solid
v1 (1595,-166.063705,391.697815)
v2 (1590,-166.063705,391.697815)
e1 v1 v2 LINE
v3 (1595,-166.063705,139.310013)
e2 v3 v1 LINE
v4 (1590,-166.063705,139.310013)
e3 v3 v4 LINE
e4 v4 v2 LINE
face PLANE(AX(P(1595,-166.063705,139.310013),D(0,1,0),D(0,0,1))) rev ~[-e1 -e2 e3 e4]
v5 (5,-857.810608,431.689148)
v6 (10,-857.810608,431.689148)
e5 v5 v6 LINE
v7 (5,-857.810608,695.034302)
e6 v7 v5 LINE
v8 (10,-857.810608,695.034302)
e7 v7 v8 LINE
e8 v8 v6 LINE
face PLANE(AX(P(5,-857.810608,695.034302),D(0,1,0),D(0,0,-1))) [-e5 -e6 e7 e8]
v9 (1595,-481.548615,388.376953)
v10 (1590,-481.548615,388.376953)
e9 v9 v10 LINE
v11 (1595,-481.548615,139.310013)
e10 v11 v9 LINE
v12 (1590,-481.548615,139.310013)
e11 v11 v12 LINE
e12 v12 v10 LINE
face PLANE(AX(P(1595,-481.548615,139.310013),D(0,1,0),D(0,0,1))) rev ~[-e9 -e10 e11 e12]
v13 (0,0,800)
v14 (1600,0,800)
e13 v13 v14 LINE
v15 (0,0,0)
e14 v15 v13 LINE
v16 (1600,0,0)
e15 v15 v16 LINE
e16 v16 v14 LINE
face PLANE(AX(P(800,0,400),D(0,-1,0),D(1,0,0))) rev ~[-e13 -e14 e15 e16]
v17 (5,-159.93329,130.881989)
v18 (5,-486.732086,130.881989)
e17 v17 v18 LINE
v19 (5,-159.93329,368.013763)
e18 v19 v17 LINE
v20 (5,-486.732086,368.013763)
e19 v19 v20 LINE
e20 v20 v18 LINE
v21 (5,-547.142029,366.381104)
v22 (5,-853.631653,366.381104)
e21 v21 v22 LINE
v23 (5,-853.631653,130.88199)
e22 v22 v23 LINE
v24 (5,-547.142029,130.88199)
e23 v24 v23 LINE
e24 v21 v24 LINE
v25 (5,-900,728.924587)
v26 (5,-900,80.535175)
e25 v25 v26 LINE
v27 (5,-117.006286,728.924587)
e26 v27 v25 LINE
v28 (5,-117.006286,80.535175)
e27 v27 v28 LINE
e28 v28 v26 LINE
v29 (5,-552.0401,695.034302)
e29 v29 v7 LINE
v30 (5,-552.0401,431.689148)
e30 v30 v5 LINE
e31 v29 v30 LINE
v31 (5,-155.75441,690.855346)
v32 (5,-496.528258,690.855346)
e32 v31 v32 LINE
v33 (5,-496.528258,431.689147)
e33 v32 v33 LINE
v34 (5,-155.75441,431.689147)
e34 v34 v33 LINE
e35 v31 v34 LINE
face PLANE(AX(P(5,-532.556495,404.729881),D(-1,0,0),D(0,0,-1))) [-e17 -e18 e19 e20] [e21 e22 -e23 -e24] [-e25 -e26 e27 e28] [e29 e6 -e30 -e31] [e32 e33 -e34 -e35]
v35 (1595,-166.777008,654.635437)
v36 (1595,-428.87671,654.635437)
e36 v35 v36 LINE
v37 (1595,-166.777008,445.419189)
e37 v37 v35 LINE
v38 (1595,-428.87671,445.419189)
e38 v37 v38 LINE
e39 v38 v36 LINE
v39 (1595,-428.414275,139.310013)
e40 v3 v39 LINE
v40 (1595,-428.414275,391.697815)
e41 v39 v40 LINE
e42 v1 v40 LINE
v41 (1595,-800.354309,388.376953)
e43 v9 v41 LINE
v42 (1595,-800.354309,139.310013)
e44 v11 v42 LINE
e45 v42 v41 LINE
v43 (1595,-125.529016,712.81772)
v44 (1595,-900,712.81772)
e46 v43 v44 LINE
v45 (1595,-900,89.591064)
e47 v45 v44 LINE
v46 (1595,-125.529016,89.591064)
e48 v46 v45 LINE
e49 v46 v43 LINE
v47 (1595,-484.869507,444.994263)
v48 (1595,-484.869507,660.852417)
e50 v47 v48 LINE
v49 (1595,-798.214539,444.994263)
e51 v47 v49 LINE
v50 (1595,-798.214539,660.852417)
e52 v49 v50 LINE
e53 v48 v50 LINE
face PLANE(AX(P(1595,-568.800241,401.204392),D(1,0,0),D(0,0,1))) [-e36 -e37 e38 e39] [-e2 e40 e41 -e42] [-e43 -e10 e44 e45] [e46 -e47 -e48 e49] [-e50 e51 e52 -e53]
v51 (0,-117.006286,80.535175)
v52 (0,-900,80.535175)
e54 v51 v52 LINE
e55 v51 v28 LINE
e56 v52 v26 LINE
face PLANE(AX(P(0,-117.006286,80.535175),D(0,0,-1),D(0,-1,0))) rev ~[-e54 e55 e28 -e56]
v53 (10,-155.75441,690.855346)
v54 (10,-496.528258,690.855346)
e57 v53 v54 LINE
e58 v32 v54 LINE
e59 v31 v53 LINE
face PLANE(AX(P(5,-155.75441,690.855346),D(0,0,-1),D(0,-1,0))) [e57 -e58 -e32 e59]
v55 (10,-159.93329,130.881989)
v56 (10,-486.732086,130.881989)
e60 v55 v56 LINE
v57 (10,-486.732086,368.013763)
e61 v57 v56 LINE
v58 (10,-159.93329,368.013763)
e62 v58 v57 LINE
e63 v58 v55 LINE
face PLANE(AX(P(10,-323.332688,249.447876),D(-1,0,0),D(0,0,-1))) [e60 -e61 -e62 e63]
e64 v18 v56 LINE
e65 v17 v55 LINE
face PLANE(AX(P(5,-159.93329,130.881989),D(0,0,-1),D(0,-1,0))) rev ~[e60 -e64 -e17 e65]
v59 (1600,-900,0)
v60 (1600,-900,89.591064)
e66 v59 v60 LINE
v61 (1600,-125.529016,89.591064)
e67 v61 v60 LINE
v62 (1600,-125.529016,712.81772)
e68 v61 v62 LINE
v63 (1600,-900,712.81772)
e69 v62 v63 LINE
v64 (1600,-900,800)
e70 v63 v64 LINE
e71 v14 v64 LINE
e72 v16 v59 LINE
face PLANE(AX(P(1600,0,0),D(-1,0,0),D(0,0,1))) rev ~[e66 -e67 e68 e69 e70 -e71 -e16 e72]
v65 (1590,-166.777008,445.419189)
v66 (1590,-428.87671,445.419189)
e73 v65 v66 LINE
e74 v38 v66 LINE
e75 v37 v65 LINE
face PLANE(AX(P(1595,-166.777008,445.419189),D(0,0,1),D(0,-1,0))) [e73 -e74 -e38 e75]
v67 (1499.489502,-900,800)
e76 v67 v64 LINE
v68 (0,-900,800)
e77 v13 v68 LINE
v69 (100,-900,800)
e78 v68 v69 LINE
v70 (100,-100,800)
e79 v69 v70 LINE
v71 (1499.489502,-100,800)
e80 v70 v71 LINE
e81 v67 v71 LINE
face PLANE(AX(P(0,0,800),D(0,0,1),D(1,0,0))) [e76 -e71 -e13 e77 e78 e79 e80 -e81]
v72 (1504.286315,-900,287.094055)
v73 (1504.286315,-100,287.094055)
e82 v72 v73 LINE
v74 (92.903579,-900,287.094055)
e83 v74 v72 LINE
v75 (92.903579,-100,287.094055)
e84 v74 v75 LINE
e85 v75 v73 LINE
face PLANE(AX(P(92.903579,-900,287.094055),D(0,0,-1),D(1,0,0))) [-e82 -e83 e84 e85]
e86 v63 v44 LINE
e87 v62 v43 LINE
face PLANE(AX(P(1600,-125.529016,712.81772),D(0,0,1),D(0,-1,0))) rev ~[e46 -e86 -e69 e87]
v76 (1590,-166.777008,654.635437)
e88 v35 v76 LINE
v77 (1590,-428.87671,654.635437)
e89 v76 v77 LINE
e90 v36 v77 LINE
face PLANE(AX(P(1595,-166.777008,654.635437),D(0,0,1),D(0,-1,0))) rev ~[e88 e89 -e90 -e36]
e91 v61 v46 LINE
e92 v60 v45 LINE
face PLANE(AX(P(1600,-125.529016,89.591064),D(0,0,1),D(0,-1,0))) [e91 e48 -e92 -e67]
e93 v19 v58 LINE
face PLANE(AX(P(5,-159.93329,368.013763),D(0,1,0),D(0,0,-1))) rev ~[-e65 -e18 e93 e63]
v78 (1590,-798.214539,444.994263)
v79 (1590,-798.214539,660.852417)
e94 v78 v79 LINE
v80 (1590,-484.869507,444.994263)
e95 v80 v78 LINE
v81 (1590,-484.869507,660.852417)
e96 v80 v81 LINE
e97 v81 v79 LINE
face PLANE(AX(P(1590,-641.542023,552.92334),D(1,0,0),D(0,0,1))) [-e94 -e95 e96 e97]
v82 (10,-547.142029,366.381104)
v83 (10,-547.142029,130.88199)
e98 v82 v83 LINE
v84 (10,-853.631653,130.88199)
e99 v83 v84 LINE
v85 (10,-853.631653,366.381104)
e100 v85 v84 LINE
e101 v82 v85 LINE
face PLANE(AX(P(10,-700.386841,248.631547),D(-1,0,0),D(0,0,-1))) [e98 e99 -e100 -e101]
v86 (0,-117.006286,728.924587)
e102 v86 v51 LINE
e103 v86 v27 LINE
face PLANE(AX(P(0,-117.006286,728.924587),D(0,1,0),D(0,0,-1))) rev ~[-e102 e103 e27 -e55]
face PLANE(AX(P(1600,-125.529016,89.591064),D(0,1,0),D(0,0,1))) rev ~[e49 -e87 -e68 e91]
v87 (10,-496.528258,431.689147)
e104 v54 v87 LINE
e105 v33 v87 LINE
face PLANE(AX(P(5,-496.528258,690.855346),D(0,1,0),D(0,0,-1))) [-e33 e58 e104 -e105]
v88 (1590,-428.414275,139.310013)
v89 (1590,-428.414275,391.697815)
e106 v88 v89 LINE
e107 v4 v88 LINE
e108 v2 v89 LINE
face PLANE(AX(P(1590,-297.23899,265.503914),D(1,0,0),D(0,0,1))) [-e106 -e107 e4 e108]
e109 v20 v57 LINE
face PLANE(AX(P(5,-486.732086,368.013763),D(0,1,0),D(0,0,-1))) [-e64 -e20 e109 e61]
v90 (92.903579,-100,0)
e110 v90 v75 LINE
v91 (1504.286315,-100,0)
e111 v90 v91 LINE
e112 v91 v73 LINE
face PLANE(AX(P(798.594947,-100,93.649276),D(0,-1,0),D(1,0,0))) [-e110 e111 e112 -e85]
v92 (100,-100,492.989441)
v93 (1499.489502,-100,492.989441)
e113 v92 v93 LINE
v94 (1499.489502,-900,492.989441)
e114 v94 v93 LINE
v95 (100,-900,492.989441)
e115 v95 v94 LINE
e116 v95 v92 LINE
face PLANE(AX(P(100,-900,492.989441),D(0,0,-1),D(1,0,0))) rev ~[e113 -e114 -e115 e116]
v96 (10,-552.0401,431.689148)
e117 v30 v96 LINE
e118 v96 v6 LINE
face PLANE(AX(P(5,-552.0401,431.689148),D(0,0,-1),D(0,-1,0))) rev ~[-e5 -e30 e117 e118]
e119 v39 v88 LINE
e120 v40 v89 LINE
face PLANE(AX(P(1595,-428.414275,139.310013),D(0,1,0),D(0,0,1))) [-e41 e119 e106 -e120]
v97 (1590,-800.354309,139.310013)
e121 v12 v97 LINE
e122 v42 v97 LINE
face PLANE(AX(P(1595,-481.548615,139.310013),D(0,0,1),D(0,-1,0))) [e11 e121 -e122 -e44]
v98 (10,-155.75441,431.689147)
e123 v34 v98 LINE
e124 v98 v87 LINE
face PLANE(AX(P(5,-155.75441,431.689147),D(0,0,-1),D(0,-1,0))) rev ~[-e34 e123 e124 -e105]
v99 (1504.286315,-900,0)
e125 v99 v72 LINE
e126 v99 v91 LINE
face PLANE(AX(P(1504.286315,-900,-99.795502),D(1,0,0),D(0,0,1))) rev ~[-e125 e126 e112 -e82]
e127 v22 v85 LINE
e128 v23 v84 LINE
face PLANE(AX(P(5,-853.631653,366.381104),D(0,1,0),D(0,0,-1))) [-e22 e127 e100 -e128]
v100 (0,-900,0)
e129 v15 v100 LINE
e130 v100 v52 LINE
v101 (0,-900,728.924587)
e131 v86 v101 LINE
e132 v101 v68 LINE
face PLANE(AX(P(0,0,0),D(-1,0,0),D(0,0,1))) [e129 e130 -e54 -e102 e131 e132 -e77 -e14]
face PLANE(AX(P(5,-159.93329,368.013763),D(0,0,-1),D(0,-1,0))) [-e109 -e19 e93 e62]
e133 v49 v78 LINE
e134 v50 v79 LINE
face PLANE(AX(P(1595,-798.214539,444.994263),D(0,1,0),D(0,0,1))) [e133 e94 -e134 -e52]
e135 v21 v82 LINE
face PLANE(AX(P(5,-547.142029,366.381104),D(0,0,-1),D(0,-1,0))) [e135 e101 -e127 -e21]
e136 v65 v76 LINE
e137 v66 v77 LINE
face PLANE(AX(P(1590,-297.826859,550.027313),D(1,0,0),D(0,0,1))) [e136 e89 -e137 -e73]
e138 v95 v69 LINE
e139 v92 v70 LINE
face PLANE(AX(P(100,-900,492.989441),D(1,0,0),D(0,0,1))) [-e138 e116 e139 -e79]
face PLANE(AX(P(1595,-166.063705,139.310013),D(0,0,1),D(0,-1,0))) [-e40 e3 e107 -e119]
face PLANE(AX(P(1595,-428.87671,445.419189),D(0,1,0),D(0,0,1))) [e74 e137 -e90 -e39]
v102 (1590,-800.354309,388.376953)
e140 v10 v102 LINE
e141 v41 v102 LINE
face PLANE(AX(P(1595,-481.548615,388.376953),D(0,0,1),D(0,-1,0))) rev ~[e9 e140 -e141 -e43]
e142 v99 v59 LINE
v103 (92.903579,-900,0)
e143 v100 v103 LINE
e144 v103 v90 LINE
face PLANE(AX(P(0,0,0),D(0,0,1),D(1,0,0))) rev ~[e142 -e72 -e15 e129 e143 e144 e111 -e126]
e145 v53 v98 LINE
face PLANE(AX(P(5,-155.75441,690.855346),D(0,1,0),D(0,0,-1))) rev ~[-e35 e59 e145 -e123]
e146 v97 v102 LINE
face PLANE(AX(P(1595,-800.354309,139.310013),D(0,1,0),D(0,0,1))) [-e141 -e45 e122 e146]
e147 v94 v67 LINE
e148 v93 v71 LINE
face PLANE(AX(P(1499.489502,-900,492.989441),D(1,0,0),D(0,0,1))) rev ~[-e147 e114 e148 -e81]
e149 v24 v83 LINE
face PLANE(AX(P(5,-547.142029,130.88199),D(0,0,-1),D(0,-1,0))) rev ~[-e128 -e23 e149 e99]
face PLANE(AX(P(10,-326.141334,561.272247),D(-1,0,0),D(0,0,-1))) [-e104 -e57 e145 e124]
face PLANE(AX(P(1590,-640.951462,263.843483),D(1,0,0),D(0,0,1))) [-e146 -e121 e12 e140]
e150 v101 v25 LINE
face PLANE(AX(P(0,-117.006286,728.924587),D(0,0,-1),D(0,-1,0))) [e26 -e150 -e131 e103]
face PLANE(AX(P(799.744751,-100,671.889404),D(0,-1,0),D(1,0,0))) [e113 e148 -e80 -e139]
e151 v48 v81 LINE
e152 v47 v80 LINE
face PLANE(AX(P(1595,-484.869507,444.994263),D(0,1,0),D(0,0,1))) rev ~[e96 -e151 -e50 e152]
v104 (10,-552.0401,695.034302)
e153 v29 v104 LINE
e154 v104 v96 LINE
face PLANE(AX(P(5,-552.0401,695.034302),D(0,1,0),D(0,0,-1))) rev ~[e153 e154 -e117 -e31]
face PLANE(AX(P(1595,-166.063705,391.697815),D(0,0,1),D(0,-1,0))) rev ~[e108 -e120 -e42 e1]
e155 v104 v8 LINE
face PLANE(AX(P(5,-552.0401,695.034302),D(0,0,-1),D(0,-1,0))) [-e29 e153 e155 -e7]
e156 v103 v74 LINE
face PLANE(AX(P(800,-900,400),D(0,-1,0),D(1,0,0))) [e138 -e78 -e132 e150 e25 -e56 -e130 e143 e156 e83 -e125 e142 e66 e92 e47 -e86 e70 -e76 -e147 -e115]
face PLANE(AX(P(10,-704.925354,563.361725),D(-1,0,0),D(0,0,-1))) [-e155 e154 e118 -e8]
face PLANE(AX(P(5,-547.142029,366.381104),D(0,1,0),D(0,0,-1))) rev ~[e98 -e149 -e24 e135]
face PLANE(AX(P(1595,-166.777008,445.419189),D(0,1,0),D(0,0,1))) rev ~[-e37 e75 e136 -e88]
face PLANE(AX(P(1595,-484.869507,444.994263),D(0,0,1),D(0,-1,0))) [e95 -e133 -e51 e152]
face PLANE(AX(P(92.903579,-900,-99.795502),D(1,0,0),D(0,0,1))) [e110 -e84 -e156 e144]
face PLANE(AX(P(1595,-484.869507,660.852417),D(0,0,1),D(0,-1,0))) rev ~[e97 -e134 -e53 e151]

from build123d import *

# Parameters (mm, degrees)
SKETCH_W        = 1600
SKETCH_H        = 800
PAD_DEPTH       = 900
SKETCH001_W     = 1399.489502
SKETCH001_H     = 357.799927
SKETCH001_W_2   = 1411.382736
SKETCH001_H_2   = 386.889557
POCKET_DEPTH    = 800
SKETCH002_W     = 648.389411
SKETCH002_H     = 831.100419
POCKET001_DEPTH = 5
SKETCH003_W     = 623.226656
SKETCH003_H     = 886.54245
POCKET002_DEPTH = 5
SKETCH004_W     = 249.06694
SKETCH004_H     = 318.805694
SKETCH004_W_2   = 215.858154
SKETCH004_H_2   = 313.345032
SKETCH004_W_3   = 252.387802
SKETCH004_H_3   = 262.350571
SKETCH004_W_4   = 209.216248
SKETCH004_H_4   = 262.099701
POCKET003_DEPTH = 5
SKETCH005_W     = 263.345154
SKETCH005_H     = 305.770508
SKETCH005_W_2   = 235.499115
SKETCH005_H_2   = 306.489624
SKETCH005_W_3   = 259.166199
SKETCH005_H_3   = 340.773849
SKETCH005_W_4   = 237.131774
SKETCH005_H_4   = 326.798797
POCKET004_DEPTH = 5


with BuildPart() as part:
    # Sketch → Pad (new body)
    with BuildSketch(Plane.XZ):
        with Locations((800, 400)):
            Rectangle(SKETCH_W, SKETCH_H)
    extrude(amount=PAD_DEPTH)

    # Sketch001 (on Face6 of Pad) → Pocket (cut)
    with BuildSketch(Plane.XZ.offset(900)):
        with Locations((799.744751, 671.889404)):
            Rectangle(SKETCH001_W, SKETCH001_H)
        with Locations((798.594947, 93.649276)):
            Rectangle(SKETCH001_W_2, SKETCH001_H_2)
    extrude(amount=-POCKET_DEPTH, mode=Mode.SUBTRACT)

    # Sketch002 (on Face8 of Pocket) → Pocket001 (cut)
    with BuildSketch(Plane(origin=(0, 0, 0), x_dir=(0, 0, -1), z_dir=(-1, 0, 0))):
        with Locations((-404.729881, 532.556495)):
            Rectangle(SKETCH002_W, SKETCH002_H)
    extrude(amount=-POCKET001_DEPTH, mode=Mode.SUBTRACT)

    # Sketch003 (on Face3 of Pocket001) → Pocket002 (cut)
    with BuildSketch(Plane(origin=(1600, 0, 0), x_dir=(0, 0, 1), z_dir=(1, 0, 0))):
        with Locations((401.204392, 568.800241)):
            Rectangle(SKETCH003_W, SKETCH003_H)
    extrude(amount=-POCKET002_DEPTH, mode=Mode.SUBTRACT)

    # Sketch004 (on Face14 of Pocket002) → Pocket003 (cut)
    with BuildSketch(Plane(origin=(1595, 0, 0), x_dir=(0, 0, 1), z_dir=(1, 0, 0))):
        with Locations((263.843483, 640.951462)):
            Rectangle(SKETCH004_W, SKETCH004_H)
        with Locations((552.92334, 641.542023)):
            Rectangle(SKETCH004_W_2, SKETCH004_H_2)
        with Locations((265.503914, 297.23899)):
            Rectangle(SKETCH004_W_3, SKETCH004_H_3)
        with Locations((550.027313, 297.826859)):
            Rectangle(SKETCH004_W_4, SKETCH004_H_4)
    extrude(amount=-POCKET003_DEPTH, mode=Mode.SUBTRACT)

    # Sketch005 (on Face19 of Pocket003) → Pocket004 (cut)
    with BuildSketch(Plane(origin=(5, 0, 0), x_dir=(0, 0, -1), z_dir=(-1, 0, 0))):
        with Locations((-563.361725, 704.925354)):
            Rectangle(SKETCH005_W, SKETCH005_H)
        with Locations((-248.631547, 700.386841)):
            Rectangle(SKETCH005_W_2, SKETCH005_H_2)
        with Locations((-561.272247, 326.141334)):
            Rectangle(SKETCH005_W_3, SKETCH005_H_3)
        with Locations((-249.447876, 323.332688)):
            Rectangle(SKETCH005_W_4, SKETCH005_H_4)
    extrude(amount=-POCKET004_DEPTH, mode=Mode.SUBTRACT)


solid = part.part
